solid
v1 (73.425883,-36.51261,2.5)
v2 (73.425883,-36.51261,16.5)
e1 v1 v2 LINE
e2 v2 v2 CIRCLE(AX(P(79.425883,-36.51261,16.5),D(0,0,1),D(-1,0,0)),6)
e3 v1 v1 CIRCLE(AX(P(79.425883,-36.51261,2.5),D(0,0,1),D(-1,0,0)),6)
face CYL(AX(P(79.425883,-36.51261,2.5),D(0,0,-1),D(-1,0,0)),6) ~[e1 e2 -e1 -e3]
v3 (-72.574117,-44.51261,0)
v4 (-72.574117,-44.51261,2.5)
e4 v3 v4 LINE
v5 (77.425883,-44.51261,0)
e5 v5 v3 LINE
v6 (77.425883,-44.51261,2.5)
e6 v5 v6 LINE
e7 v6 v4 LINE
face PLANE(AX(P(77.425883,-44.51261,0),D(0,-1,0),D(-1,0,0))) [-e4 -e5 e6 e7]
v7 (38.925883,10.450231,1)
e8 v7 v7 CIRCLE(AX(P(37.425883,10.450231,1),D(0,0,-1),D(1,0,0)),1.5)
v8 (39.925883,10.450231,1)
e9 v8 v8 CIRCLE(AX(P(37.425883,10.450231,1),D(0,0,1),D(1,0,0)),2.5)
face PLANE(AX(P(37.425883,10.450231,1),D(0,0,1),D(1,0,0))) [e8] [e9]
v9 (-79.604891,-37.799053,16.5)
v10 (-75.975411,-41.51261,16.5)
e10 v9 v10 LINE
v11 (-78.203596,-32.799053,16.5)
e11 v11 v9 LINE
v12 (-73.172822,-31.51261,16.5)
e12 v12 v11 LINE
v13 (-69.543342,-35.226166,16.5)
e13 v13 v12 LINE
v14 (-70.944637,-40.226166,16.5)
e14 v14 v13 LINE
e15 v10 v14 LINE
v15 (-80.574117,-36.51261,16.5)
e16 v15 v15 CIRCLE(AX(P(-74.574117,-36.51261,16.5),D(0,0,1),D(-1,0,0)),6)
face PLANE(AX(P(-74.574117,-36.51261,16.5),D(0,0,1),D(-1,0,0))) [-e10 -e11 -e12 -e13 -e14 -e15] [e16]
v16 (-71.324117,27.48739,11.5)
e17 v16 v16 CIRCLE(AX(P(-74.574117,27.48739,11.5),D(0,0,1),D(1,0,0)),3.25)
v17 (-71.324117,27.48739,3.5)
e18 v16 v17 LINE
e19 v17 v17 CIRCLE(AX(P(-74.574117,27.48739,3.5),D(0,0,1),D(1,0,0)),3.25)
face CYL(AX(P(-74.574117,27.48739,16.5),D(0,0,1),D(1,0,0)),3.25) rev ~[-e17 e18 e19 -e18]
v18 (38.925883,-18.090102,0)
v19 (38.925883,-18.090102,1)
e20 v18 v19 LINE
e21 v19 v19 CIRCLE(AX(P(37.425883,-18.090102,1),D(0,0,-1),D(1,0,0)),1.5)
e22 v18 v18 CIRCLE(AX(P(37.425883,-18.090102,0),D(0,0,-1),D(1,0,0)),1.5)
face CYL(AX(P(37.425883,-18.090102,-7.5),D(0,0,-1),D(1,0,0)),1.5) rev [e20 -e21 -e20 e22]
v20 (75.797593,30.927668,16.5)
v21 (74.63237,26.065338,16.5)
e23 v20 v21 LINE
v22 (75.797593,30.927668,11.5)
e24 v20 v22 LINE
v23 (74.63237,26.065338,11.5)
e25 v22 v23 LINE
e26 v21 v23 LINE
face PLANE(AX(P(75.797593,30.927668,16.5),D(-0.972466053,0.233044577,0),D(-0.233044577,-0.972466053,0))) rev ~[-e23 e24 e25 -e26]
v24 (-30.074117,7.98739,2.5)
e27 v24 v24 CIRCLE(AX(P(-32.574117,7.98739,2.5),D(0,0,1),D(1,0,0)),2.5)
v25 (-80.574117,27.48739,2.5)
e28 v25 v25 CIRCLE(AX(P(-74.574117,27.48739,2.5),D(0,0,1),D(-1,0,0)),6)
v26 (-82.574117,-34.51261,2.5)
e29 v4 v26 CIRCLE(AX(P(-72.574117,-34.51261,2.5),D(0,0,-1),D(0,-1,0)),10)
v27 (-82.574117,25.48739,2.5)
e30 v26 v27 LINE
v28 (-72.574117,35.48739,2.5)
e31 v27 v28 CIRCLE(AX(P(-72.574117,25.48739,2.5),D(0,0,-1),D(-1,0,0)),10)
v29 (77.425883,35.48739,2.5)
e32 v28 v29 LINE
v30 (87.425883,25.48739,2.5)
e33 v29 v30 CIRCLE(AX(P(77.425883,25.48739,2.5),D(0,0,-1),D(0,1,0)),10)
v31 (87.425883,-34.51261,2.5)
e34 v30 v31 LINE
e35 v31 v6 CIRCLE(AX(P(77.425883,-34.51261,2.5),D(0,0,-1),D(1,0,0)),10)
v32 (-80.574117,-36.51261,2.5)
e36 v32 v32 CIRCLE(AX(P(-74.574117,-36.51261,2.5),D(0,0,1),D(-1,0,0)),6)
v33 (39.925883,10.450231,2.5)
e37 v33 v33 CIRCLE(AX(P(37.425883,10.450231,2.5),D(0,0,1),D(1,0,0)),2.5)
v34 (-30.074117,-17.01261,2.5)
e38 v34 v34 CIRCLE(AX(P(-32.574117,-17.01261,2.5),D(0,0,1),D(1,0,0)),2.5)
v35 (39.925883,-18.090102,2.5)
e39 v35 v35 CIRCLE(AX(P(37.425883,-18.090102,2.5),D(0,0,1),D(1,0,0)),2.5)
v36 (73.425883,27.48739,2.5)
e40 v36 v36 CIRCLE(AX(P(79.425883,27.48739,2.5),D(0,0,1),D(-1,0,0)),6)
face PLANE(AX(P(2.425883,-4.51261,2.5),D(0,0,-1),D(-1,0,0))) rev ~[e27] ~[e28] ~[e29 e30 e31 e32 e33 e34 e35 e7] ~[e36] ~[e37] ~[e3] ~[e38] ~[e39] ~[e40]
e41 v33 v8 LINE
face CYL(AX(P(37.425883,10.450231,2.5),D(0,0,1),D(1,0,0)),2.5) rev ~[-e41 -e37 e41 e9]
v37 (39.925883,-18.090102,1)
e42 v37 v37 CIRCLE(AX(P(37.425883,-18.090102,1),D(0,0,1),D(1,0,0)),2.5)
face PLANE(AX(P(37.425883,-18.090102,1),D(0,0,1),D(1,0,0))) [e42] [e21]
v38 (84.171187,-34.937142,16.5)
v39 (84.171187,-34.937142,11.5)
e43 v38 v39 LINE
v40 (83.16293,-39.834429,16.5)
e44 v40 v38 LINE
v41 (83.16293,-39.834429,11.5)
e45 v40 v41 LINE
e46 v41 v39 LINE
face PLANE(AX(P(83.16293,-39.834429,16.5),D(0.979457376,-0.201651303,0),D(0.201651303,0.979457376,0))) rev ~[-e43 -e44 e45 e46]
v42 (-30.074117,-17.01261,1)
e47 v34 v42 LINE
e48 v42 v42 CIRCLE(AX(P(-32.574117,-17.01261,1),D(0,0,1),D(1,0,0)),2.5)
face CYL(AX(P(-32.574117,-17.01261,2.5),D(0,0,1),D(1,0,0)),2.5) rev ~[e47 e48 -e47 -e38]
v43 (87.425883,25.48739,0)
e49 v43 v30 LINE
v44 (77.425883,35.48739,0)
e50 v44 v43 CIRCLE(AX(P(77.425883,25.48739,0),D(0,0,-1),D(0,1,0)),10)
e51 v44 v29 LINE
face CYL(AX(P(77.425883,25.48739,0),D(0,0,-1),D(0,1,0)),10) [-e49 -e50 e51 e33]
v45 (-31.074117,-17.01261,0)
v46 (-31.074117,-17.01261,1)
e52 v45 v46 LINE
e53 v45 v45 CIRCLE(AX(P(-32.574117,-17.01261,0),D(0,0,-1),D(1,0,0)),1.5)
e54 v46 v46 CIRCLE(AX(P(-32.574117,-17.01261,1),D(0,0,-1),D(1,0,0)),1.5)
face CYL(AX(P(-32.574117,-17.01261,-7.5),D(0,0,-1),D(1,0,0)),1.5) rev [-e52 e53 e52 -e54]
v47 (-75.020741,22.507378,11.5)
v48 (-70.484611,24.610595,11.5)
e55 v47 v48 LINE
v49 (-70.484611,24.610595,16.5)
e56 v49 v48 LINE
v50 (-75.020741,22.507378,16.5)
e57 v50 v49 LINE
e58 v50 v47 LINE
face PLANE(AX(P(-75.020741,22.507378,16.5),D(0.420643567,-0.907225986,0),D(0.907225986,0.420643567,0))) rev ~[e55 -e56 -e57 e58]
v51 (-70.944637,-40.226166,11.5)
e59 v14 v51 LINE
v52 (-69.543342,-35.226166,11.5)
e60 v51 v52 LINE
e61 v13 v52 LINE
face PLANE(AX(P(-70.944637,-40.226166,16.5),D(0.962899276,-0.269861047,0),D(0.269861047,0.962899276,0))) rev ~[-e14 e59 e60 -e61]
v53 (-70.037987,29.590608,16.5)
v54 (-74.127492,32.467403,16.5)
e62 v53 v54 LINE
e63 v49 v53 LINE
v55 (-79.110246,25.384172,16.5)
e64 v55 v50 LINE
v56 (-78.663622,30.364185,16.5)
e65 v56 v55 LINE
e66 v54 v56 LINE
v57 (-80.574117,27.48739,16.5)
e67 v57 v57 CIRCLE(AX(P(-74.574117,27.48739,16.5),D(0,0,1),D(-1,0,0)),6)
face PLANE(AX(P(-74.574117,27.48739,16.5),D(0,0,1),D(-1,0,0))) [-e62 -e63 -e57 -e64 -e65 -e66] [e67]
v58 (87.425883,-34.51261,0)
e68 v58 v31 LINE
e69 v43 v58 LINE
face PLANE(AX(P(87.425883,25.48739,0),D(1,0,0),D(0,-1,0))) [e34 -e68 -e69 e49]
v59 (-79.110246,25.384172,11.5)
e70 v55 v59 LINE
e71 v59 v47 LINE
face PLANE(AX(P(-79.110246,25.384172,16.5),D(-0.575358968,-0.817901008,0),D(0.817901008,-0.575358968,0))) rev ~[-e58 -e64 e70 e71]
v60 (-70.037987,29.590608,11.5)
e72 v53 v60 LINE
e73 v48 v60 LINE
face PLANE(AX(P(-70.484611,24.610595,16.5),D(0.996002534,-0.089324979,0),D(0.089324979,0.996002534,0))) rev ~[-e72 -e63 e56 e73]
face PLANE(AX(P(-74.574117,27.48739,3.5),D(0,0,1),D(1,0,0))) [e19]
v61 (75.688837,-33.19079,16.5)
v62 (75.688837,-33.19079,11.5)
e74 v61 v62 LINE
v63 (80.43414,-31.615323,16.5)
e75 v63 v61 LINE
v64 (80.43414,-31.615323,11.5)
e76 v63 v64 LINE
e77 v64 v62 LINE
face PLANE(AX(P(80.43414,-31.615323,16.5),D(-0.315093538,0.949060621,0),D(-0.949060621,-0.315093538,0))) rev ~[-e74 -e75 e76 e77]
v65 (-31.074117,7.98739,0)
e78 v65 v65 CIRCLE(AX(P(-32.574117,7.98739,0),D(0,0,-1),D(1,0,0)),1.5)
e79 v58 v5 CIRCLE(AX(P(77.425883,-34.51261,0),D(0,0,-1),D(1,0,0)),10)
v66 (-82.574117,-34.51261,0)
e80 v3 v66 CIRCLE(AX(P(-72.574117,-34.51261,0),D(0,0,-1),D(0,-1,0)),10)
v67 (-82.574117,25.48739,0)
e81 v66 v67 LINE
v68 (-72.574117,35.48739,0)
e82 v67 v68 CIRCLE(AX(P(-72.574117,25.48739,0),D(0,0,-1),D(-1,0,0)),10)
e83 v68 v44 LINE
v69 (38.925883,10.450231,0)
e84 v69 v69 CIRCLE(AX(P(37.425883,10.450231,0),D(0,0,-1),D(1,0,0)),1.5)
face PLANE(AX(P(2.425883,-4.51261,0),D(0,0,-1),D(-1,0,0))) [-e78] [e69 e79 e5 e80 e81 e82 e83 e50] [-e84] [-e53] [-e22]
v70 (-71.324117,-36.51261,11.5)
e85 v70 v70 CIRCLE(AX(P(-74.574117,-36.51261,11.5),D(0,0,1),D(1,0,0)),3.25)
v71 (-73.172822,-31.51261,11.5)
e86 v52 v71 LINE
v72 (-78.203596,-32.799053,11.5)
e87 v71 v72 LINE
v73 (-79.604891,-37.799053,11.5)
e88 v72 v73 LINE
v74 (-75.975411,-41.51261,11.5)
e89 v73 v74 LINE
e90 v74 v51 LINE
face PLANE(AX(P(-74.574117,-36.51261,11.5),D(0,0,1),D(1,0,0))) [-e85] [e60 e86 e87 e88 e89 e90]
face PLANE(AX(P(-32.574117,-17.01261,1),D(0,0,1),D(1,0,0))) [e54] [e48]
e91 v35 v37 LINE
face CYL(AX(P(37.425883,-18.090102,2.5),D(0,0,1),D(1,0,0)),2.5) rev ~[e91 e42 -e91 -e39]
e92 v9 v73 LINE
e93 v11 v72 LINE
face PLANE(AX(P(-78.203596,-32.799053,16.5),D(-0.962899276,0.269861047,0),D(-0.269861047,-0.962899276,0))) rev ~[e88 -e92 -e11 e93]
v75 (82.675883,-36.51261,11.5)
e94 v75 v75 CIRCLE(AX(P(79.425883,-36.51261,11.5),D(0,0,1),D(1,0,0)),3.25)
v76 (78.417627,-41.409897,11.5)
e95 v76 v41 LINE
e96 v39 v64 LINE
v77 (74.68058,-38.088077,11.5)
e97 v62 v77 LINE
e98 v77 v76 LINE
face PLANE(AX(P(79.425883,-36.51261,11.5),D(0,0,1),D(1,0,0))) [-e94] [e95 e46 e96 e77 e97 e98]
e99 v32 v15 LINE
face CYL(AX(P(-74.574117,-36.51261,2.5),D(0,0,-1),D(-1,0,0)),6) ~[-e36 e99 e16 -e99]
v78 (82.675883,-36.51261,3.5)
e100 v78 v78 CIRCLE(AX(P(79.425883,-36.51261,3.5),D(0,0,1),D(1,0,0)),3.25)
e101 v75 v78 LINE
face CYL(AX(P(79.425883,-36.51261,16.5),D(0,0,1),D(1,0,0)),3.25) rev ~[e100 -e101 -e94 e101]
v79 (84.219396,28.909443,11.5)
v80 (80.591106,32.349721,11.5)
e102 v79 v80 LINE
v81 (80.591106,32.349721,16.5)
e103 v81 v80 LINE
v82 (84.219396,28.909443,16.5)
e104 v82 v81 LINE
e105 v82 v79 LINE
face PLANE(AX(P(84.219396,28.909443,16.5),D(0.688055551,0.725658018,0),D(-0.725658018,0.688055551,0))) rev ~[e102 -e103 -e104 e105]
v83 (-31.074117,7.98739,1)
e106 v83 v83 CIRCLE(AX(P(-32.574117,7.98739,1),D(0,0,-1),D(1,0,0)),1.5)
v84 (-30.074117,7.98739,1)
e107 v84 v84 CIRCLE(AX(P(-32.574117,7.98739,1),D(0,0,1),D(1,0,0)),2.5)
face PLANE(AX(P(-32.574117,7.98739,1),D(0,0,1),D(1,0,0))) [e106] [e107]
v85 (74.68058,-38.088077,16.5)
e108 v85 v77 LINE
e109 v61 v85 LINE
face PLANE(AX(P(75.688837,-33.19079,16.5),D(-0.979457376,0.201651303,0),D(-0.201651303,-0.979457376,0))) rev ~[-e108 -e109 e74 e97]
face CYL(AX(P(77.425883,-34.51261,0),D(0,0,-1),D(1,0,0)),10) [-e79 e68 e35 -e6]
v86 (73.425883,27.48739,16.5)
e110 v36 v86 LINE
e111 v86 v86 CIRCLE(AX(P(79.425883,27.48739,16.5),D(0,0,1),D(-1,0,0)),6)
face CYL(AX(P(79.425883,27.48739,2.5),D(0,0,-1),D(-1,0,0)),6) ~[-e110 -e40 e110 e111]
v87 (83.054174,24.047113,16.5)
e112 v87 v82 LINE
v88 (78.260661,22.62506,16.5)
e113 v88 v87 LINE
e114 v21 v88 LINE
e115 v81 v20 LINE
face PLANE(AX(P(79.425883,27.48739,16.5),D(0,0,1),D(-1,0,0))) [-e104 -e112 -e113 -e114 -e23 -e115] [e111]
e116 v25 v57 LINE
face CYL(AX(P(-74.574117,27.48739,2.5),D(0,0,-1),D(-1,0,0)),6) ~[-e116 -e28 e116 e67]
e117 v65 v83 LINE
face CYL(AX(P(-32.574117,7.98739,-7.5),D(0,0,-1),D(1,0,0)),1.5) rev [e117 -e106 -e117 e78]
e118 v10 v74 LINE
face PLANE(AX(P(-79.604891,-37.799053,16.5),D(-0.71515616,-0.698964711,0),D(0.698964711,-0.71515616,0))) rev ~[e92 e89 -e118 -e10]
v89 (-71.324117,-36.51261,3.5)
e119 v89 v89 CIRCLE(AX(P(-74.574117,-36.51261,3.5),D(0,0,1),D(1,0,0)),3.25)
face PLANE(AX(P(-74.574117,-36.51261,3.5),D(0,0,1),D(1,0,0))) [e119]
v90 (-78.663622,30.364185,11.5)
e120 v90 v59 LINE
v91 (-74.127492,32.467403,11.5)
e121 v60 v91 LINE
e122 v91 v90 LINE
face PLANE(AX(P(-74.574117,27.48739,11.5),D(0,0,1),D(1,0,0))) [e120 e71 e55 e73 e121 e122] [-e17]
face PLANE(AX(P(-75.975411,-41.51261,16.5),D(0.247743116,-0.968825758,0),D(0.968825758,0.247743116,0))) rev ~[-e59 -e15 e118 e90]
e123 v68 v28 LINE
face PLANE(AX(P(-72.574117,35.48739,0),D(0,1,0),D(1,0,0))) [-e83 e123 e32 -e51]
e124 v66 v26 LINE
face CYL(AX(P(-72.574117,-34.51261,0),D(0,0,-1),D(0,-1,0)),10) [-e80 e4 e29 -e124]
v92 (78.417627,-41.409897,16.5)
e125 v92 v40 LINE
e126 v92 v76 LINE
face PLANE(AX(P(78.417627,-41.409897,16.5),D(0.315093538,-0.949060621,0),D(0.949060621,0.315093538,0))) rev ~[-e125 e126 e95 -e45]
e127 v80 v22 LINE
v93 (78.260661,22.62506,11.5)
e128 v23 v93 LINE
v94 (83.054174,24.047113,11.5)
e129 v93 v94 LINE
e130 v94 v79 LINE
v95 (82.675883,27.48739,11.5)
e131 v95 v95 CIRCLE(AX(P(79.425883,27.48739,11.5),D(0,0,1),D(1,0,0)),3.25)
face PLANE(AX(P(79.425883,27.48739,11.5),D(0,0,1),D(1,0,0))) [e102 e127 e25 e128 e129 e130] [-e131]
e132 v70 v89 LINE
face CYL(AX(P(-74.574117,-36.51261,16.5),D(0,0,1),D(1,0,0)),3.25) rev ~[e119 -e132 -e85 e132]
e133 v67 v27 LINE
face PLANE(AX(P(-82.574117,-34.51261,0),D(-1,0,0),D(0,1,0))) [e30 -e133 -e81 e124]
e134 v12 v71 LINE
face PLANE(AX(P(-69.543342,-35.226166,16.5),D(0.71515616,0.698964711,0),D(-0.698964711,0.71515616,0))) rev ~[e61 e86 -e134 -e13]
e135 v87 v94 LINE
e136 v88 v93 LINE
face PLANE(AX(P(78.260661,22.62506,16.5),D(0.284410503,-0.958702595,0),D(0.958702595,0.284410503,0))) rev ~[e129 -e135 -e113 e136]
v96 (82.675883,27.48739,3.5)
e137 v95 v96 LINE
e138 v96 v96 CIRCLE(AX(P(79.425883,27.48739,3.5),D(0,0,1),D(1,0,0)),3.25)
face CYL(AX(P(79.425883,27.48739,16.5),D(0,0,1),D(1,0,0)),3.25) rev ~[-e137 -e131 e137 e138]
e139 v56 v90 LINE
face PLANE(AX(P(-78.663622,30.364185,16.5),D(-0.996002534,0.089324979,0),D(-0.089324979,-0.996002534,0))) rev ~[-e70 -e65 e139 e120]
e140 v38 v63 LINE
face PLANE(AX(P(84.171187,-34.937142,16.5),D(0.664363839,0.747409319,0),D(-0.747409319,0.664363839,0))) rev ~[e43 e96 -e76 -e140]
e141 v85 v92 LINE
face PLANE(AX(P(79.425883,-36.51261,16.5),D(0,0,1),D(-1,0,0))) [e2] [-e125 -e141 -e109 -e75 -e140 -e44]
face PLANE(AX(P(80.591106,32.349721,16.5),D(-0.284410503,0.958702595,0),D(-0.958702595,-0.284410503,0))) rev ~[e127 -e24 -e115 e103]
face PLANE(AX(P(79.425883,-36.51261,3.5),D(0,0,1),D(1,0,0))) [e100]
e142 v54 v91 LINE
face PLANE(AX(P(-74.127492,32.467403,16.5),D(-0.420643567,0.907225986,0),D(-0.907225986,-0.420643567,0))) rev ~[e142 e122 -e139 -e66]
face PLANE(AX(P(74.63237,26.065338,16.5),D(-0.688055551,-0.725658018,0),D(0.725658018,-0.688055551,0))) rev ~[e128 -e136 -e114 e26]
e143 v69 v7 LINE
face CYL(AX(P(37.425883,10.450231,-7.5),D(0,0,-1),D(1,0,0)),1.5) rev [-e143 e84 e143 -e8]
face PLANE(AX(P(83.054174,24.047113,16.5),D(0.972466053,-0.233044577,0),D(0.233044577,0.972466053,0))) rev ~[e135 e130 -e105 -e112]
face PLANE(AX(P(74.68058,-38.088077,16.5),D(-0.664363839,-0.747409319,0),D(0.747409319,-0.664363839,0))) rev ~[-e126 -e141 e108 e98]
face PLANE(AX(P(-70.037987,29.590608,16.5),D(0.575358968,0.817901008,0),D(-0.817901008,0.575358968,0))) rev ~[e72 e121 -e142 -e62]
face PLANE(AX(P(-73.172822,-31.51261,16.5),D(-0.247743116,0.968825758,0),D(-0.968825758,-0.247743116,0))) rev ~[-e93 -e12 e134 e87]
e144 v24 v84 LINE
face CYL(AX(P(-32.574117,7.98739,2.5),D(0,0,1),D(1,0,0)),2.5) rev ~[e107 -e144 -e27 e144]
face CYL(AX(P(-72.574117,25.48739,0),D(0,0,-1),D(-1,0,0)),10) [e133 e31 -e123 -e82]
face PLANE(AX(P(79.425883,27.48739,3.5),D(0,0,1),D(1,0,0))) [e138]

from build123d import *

# Parameters (mm, degrees)
EXTRUDE_1_DEPTH          = 2.5
CUT_EXTRUDE_1_DEPTH      = 42
CUT_EXTRUDE_1_DEPTH_BACK = 10
SKETCH_2_R               = 1.5
SKETCH_3_R               = 2.5
CUT_EXTRUDE_2_DEPTH      = 1.5
SKETCH_7_R               = 6
EXTRUDE_4_DEPTH          = 14
BUTTON_LEFT_NUT_DEPTH    = 5
UP_LEFT_NUT_DEPTH        = 5
UP_RIGHT_NUT_DEPTH       = 5
BUTTON_RIGHT_NUT_DEPTH   = 5
SKETCH_13_R              = 3.25
CUT_EXTRUDE_7_DEPTH      = 13
SKETCH_15_R              = 3.25
CUT_EXTRUDE_8_DEPTH      = 13
SKETCH_16_R              = 3.25
CUT_EXTRUDE_9_DEPTH      = 13
SKETCH_17_R              = 3.25
CUT_EXTRUDE_10_DEPTH     = 13


with BuildPart() as part:
    # 草图1 → 凸台-拉伸1 (new body)
    with BuildSketch(Plane.XY):
        with BuildLine():
            Line((-72.574116531, 35.487390308), (77.425883469, 35.487390308))
            ThreePointArc((77.425883469, 35.487390308), (84.496951281, 32.558458119), (87.425883469, 25.487390308))
            Line((87.425883469, 25.487390308), (87.425883469, -34.512609692))
            ThreePointArc((87.425883469, -34.512609692), (84.496951281, -41.583677504), (77.425883469, -44.512609692))
            Line((77.425883469, -44.512609692), (-72.574116531, -44.512609692))
            ThreePointArc((-72.574116531, -44.512609692), (-79.645184343, -41.583677504), (-82.574116531, -34.512609692))
            Line((-82.574116531, -34.512609692), (-82.574116531, 25.487390308))
            ThreePointArc((-82.574116531, 25.487390308), (-79.645184343, 32.558458119), (-72.574116531, 35.487390308))
        make_face()
    extrude(amount=EXTRUDE_1_DEPTH)

    # 草图2 → 切除-拉伸1 (cut, two sides: drawn at the far end of the back side and taken through both)
    with BuildSketch(Plane.XY.offset(2.5).offset(-CUT_EXTRUDE_1_DEPTH_BACK)):
        with Locations((-32.574116531, 7.987390308)):
            Circle(SKETCH_2_R)
        with Locations((-32.574116531, -17.012609692)):
            Circle(SKETCH_2_R)
        with Locations((37.425883469, 10.450230815)):
            Circle(SKETCH_2_R)
        with Locations((37.425883469, -18.090102414)):
            Circle(SKETCH_2_R)
    extrude(amount=CUT_EXTRUDE_1_DEPTH + CUT_EXTRUDE_1_DEPTH_BACK, mode=Mode.SUBTRACT)

    # 草图3 → 切除-拉伸2 (cut)
    with BuildSketch(Plane.XY.offset(2.5)):
        with Locations((-32.574116531, 7.987390308)):
            Circle(SKETCH_3_R)
        with Locations((37.425883469, 10.450230815)):
            Circle(SKETCH_3_R)
        with Locations((37.425883469, -18.090102414)):
            Circle(SKETCH_3_R)
        with Locations((-32.574116531, -17.012609692)):
            Circle(SKETCH_3_R)
    extrude(amount=-CUT_EXTRUDE_2_DEPTH, mode=Mode.SUBTRACT)

    # 草图7 → 凸台-拉伸4 (add)
    with BuildSketch(Plane.XY.offset(2.5)):
        with Locations(Location((-74.574116531, 27.487390308, 0), (0, 0, 180))):
            Circle(SKETCH_7_R)
        with Locations(Location((-74.574116531, -36.512609692, 0), (0, 0, 180))):
            Circle(SKETCH_7_R)
        with Locations(Location((79.425883469, 27.487390308, 0), (0, 0, 180))):
            Circle(SKETCH_7_R)
        with Locations(Location((79.425883469, -36.512609692, 0), (0, 0, 180))):
            Circle(SKETCH_7_R)
    extrude(amount=EXTRUDE_4_DEPTH)

    # 草图9 → button left nut (cut)
    with BuildSketch(Plane.XY.offset(16.5)):
        Polygon((-70.944636645, -40.226166125), (-69.543342379, -35.226166125), (-73.172822265, -31.512609692), (-78.203596417, -32.79905326), (-79.604890683, -37.79905326), (-75.975410797, -41.512609692), align=None)
    extrude(amount=-BUTTON_LEFT_NUT_DEPTH, mode=Mode.SUBTRACT)

    # 草图10 → up left nut (cut)
    with BuildSketch(Plane.XY.offset(16.5)):
        Polygon((-70.484611493, 24.610595469), (-70.0379866, 29.59060814), (-74.127491638, 32.467402979), (-78.663621569, 30.364185146), (-79.110246462, 25.384172475), (-75.020741423, 22.507377636), align=None)
    extrude(amount=-UP_LEFT_NUT_DEPTH, mode=Mode.SUBTRACT)

    # 草图11 → up right nut (cut)
    with BuildSketch(Plane.XY.offset(16.5)):
        Polygon((83.054173559, 24.047112554), (84.219396445, 28.909442821), (80.591106355, 32.349720575), (75.797593379, 30.927668061), (74.632370493, 26.065337794), (78.260660583, 22.62506004), align=None)
    extrude(amount=-UP_RIGHT_NUT_DEPTH, mode=Mode.SUBTRACT)

    # 草图12 → button right nut (cut)
    with BuildSketch(Plane.XY.offset(16.5)):
        Polygon((83.162930062, -39.834428887), (84.171186575, -34.937142005), (80.434139981, -31.61532281), (75.688836876, -33.190790498), (74.680580363, -38.08807738), (78.417626957, -41.409896575), align=None)
    extrude(amount=-BUTTON_RIGHT_NUT_DEPTH, mode=Mode.SUBTRACT)

    # 草图13 → 切除-拉伸7 (cut)
    with BuildSketch(Plane.XY.offset(16.5)):
        with Locations((-74.574116531, -36.512609692)):
            Circle(SKETCH_13_R)
    extrude(amount=-CUT_EXTRUDE_7_DEPTH, mode=Mode.SUBTRACT)

    # 草图15 → 切除-拉伸8 (cut)
    with BuildSketch(Plane.XY.offset(16.5)):
        with Locations((-74.574116531, 27.487390308)):
            Circle(SKETCH_15_R)
    extrude(amount=-CUT_EXTRUDE_8_DEPTH, mode=Mode.SUBTRACT)

    # 草图16 → 切除-拉伸9 (cut)
    with BuildSketch(Plane.XY.offset(16.5)):
        with Locations((79.425883469, 27.487390308)):
            Circle(SKETCH_16_R)
    extrude(amount=-CUT_EXTRUDE_9_DEPTH, mode=Mode.SUBTRACT)

    # 草图17 → 切除-拉伸10 (cut)
    with BuildSketch(Plane.XY.offset(16.5)):
        with Locations((79.425883469, -36.512609692)):
            Circle(SKETCH_17_R)
    extrude(amount=-CUT_EXTRUDE_10_DEPTH, mode=Mode.SUBTRACT)


solid = part.part
